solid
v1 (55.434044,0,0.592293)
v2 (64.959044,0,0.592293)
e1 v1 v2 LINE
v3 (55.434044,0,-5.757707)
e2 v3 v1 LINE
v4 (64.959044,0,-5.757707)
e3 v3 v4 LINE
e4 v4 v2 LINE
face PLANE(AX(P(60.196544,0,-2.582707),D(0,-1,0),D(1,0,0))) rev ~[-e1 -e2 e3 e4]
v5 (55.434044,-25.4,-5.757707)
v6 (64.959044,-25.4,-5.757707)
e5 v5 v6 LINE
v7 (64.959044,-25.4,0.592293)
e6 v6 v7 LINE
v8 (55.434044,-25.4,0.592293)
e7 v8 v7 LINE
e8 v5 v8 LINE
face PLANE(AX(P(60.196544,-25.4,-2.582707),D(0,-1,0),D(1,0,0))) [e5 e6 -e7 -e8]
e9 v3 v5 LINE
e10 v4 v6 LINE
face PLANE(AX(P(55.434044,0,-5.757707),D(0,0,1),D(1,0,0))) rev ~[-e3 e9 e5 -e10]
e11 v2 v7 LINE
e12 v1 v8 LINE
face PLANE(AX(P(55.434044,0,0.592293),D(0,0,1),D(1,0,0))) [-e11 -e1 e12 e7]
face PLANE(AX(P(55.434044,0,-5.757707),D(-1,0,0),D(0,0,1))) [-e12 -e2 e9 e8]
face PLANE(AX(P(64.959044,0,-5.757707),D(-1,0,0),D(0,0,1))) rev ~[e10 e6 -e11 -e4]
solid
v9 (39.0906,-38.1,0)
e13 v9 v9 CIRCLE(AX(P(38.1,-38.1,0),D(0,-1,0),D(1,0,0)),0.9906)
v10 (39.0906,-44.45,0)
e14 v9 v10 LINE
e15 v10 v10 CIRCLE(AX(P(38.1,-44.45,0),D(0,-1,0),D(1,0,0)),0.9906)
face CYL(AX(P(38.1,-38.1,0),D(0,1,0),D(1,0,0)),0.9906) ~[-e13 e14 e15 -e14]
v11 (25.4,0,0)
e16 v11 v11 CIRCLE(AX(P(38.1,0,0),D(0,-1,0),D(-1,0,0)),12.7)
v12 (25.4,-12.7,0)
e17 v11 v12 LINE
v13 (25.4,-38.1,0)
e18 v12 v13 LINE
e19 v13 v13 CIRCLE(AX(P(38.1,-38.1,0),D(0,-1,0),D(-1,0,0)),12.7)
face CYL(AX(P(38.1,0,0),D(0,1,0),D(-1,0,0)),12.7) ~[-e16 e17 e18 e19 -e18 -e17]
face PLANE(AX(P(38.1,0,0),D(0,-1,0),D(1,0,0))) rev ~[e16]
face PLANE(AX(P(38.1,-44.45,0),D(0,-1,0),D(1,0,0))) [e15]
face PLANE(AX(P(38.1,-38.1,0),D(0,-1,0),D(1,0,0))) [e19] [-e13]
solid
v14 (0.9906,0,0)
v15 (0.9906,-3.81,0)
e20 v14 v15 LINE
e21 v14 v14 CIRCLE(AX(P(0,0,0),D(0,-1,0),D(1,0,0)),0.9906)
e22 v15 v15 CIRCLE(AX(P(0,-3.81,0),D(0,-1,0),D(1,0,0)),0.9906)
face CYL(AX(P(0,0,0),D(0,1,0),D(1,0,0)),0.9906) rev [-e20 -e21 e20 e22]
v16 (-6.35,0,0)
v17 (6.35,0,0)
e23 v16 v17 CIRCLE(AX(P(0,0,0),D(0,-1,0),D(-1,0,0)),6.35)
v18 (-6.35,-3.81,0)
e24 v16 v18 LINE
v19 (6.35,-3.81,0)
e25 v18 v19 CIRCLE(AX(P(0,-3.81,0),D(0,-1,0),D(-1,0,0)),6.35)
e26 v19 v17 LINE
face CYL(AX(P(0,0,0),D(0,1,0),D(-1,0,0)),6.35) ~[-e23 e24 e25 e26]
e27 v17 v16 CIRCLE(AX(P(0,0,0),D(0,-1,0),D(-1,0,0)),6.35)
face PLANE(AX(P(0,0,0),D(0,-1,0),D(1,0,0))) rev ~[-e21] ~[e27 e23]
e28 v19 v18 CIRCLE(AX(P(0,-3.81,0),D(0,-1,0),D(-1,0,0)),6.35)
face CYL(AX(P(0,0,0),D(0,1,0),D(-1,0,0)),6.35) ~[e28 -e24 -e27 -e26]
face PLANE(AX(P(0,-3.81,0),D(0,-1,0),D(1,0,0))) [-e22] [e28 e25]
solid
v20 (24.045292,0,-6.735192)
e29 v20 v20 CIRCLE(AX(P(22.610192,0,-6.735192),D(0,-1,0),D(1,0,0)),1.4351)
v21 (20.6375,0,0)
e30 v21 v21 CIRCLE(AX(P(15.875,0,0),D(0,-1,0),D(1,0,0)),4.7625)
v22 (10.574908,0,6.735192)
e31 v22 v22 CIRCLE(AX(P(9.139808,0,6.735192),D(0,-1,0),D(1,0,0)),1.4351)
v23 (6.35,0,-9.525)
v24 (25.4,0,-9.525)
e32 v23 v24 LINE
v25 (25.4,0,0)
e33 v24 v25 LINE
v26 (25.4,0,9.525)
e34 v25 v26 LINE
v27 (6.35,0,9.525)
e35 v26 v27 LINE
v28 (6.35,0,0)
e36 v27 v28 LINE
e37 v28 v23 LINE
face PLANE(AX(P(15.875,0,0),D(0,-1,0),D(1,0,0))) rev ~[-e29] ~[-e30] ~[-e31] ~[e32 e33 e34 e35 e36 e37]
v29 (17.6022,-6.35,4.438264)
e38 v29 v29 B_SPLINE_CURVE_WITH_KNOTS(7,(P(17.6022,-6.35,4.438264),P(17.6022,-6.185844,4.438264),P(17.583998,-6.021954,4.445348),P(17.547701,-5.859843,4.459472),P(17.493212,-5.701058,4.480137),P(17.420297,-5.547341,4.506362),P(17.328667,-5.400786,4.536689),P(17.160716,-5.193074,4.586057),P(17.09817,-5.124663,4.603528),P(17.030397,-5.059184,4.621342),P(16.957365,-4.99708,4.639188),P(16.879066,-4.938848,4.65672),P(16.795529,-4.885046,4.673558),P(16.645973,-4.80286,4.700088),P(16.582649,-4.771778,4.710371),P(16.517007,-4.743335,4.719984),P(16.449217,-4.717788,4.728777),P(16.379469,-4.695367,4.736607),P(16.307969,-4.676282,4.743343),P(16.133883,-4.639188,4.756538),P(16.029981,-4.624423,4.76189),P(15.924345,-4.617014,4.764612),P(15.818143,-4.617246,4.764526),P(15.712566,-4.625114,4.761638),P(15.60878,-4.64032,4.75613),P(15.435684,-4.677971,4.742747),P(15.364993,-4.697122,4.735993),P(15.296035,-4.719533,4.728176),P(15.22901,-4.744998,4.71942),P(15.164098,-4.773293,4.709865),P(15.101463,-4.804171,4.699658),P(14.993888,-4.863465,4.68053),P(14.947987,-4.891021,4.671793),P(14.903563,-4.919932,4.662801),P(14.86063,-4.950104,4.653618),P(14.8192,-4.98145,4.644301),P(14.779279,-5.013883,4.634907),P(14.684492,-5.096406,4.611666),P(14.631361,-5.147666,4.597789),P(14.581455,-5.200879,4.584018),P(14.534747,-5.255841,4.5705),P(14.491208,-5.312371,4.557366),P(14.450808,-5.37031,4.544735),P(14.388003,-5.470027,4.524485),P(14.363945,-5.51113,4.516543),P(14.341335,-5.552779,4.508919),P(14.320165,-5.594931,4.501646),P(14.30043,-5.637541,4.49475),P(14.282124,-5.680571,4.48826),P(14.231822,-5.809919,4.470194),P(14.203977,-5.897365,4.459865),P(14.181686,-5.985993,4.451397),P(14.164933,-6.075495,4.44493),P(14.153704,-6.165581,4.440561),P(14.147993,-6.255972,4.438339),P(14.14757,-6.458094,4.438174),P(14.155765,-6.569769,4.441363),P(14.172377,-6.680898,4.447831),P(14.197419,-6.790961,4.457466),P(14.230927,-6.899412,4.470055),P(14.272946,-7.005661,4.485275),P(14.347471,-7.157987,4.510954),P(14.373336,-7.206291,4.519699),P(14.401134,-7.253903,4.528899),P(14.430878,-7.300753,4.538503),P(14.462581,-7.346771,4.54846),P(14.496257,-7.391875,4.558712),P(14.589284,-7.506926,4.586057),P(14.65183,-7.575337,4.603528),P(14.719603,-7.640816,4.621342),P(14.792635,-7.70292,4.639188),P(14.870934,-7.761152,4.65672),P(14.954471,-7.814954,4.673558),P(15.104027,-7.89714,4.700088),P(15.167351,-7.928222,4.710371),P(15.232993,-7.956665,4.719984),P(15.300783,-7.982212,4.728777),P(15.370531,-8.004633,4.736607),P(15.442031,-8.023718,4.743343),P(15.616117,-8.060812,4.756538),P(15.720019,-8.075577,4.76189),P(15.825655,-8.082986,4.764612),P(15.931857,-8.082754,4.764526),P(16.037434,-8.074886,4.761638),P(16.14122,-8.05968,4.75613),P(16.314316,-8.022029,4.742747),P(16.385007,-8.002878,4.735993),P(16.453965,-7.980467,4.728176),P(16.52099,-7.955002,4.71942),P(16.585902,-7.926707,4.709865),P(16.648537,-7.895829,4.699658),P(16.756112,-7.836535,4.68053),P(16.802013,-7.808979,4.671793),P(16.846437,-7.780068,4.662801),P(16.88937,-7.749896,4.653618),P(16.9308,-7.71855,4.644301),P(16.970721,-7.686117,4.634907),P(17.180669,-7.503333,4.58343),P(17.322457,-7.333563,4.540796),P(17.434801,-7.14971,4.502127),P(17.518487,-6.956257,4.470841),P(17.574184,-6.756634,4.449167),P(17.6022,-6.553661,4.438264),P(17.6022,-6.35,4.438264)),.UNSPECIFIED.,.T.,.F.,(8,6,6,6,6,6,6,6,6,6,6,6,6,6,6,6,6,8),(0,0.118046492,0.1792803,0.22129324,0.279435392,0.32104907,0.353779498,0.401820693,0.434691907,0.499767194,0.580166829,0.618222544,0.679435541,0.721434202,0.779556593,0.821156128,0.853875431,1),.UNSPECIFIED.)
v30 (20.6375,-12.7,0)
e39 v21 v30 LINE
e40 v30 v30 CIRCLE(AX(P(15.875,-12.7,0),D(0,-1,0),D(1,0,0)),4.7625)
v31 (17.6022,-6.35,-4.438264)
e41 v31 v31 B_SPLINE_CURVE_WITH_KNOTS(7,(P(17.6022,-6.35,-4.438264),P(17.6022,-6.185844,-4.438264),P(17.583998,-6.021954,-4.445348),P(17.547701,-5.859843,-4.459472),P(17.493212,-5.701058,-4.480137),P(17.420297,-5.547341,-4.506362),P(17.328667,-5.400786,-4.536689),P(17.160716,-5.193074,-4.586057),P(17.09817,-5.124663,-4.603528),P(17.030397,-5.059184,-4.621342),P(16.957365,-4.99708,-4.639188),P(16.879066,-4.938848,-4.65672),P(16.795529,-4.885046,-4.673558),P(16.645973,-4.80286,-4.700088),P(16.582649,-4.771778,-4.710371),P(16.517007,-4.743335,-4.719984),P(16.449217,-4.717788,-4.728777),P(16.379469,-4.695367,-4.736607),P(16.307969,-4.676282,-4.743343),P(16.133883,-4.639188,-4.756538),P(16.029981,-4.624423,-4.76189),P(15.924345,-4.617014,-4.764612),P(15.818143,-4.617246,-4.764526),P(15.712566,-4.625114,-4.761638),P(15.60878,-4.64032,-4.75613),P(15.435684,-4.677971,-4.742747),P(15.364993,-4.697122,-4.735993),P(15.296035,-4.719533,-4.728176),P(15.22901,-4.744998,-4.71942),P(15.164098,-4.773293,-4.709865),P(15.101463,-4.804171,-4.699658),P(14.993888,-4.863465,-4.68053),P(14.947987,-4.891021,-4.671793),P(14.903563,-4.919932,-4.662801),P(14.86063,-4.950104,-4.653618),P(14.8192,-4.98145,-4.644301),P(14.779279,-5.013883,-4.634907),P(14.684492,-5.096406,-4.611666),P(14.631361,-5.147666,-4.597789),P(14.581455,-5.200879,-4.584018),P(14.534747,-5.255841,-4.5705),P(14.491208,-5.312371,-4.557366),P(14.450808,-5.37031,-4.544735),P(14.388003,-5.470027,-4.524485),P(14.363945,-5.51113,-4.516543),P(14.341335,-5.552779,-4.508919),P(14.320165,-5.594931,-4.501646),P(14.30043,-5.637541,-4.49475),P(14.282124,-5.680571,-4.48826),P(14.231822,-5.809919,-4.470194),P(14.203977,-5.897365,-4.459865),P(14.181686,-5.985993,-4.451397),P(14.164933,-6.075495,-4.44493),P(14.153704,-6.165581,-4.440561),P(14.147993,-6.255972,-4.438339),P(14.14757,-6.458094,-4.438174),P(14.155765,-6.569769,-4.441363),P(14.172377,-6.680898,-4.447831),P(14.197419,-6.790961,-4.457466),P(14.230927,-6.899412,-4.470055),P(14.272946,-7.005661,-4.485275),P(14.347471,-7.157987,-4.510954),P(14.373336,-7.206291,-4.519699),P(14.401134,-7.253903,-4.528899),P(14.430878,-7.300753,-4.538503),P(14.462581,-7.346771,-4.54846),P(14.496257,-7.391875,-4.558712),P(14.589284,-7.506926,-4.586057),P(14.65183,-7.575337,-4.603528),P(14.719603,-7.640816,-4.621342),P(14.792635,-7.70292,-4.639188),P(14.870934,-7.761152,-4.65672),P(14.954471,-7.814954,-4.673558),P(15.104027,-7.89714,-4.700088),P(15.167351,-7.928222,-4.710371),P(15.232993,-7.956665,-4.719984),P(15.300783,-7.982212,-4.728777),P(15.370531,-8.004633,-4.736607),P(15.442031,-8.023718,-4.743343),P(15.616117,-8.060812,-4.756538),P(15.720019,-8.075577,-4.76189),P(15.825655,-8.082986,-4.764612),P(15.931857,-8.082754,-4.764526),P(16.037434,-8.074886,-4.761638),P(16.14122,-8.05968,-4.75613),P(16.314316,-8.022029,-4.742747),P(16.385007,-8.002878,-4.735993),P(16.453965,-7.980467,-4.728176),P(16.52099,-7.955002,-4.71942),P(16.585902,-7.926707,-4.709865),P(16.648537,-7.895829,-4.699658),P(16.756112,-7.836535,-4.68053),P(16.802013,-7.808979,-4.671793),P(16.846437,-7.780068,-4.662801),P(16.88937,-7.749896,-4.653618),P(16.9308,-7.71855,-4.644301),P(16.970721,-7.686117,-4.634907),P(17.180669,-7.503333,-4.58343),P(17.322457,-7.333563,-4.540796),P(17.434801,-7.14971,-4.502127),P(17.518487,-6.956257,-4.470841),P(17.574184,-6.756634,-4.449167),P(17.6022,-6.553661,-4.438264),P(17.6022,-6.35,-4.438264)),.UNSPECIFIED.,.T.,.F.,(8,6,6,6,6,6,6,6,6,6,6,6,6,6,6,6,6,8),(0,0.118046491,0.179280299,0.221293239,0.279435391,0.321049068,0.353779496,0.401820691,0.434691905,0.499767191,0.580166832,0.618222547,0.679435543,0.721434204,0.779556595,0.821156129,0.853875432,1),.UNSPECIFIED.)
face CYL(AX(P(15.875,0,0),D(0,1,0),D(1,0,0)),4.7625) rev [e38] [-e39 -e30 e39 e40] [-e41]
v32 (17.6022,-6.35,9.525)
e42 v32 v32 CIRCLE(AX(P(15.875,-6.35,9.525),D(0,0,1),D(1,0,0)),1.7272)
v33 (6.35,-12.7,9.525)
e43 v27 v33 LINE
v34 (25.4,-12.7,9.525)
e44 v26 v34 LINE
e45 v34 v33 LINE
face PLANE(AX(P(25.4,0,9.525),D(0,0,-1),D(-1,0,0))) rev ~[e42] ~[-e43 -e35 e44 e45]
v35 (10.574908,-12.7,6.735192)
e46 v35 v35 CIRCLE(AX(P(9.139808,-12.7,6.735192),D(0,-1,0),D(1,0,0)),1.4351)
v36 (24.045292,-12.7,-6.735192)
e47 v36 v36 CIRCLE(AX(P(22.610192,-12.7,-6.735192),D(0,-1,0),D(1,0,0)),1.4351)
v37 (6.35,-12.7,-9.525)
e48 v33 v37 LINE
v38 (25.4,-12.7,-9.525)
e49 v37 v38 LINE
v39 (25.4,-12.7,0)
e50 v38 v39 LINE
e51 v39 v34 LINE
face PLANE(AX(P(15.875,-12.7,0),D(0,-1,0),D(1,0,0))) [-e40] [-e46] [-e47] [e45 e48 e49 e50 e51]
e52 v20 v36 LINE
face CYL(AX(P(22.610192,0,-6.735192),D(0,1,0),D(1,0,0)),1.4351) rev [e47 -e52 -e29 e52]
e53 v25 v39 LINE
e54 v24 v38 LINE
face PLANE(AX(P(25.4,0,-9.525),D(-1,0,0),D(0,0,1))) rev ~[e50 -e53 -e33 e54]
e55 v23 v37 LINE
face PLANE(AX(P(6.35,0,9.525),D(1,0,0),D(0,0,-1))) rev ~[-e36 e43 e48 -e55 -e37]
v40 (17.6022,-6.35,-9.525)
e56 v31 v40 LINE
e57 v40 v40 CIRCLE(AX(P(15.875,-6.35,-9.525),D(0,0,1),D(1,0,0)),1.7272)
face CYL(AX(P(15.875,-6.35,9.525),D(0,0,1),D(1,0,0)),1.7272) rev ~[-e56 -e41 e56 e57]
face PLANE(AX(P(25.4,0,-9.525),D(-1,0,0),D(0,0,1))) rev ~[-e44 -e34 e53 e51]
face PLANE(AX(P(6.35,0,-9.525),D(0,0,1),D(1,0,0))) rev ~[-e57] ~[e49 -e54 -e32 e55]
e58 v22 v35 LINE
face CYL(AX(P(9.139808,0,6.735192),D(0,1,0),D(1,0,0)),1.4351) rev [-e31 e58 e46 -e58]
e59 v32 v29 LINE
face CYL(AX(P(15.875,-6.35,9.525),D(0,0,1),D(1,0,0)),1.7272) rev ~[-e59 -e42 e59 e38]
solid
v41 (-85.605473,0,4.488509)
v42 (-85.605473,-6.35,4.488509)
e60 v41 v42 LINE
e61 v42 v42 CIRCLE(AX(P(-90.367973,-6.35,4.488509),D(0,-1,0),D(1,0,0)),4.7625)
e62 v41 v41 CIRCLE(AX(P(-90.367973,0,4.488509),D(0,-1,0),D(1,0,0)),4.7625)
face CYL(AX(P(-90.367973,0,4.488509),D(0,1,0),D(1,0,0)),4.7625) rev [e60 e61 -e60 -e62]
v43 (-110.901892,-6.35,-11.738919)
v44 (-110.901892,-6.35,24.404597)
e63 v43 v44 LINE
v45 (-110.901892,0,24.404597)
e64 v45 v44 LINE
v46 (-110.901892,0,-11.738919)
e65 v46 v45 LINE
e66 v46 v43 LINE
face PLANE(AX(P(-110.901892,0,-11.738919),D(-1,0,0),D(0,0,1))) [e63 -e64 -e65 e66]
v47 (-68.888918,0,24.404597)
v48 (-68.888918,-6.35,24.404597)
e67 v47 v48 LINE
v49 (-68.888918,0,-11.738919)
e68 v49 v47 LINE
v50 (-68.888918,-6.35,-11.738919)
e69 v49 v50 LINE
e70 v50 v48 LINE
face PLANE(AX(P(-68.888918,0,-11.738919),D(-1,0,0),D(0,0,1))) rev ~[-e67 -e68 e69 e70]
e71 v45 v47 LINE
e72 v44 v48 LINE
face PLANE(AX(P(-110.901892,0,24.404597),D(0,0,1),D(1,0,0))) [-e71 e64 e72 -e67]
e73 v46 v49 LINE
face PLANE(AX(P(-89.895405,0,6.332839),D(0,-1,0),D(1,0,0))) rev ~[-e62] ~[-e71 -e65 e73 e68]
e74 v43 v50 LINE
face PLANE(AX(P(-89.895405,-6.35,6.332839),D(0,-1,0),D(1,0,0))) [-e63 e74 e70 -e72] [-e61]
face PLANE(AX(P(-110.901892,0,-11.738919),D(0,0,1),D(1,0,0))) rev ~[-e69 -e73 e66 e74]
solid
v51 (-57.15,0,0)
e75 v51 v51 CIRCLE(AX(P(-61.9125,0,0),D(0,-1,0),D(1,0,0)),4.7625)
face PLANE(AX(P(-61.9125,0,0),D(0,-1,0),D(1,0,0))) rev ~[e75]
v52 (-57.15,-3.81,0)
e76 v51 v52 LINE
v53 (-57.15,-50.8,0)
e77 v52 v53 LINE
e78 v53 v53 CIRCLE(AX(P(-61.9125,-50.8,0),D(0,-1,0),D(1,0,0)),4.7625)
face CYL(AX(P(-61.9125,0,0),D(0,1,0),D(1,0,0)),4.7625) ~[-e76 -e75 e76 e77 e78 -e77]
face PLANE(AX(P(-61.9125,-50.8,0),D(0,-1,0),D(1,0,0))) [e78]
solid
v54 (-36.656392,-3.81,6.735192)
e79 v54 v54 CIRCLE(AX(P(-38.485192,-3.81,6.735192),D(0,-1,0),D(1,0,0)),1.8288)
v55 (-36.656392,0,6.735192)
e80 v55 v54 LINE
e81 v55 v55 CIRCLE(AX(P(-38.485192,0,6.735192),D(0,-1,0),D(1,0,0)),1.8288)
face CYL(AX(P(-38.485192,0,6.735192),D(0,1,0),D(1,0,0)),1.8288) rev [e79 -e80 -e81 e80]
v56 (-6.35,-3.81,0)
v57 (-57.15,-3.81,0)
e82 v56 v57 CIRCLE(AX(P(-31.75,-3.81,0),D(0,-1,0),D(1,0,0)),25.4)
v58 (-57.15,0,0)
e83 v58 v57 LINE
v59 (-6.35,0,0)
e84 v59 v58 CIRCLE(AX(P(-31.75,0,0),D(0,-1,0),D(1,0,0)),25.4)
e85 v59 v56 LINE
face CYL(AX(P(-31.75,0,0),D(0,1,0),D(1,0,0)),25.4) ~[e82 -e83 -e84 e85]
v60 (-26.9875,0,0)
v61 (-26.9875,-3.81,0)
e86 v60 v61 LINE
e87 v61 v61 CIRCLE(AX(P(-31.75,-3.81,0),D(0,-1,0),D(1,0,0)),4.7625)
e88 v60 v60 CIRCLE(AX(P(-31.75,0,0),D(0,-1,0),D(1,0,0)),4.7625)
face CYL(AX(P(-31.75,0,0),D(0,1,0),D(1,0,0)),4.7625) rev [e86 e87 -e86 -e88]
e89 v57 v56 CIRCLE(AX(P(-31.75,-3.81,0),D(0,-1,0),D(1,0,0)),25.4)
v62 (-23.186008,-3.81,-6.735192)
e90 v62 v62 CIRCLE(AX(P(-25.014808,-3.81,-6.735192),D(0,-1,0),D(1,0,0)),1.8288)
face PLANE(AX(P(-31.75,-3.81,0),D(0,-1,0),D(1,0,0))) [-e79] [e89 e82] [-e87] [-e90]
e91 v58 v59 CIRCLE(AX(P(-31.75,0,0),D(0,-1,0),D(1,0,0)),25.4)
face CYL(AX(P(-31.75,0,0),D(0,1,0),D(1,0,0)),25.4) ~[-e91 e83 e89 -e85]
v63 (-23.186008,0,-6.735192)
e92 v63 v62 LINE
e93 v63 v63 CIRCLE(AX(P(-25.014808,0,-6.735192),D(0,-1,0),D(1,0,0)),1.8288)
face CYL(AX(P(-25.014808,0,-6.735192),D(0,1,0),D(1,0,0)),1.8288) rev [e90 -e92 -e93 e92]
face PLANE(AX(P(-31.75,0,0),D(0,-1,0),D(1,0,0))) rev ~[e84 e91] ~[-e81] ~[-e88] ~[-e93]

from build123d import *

# Parameters (mm, degrees)
F0_R      = 1.8288
F0_R_2    = 4.7625
F0_R_3    = 0.9906
F1_DEPTH  = 3.81
F0_R_4    = 1.4351
F2_DEPTH  = 12.7
F3_DEPTH  = 38.1
F4_R      = 0.9906
F5_DEPTH  = 6.35
F0_W      = 9.525
F0_H      = 6.35
F6_DEPTH  = 25.4
F7_R      = 1.7272
F8_DEPTH  = 34.926
F9_DEPTH  = 50.8
F0_W_2    = 42.012974
F0_H_2    = 36.143516
F10_DEPTH = 6.35


with BuildPart() as f1:
    # F0 (on Front) → F1 (new body)
    with BuildSketch(Plane.XZ):
        with BuildLine():
            ThreePointArc((-57.15, 0), (-31.75, -25.4), (-6.35, 0))
            ThreePointArc((-6.35, 0), (-31.75, 25.4), (-57.15, 0))
        make_face()
        with Locations((-25.014808, -6.735192)):
            Circle(F0_R, mode=Mode.SUBTRACT)
        with Locations((-31.75, 0)):
            Circle(F0_R_2, mode=Mode.SUBTRACT)
        with Locations((-38.485192, 6.735192)):
            Circle(F0_R, mode=Mode.SUBTRACT)
        with BuildLine():
            ThreePointArc((-6.35, 0), (0, -6.35), (6.35, 0))
            ThreePointArc((6.35, 0), (0, 6.35), (-6.35, 0))
        make_face()
        Circle(F0_R_3, mode=Mode.SUBTRACT)
    extrude(amount=F1_DEPTH)

    # F0 (on Front) → F2 (join)
    with BuildSketch(Plane.XZ):
        Polygon((6.35, 9.525), (6.35, 0), (6.35, -9.525), (25.4, -9.525), (25.4, 0), (25.4, 9.525), align=None)
        with Locations((15.875, 0)):
            Circle(F0_R_2, mode=Mode.SUBTRACT)
        with Locations((22.610192, -6.735192)):
            Circle(F0_R_4, mode=Mode.SUBTRACT)
        with Locations((9.139808, 6.735192)):
            Circle(F0_R_4, mode=Mode.SUBTRACT)
    extrude(amount=F2_DEPTH)

    # F0 (on Front) → F3 (join)
    with BuildSketch(Plane.XZ):
        with BuildLine():
            ThreePointArc((50.8, 0), (38.1, 12.7), (25.4, 0))
            ThreePointArc((25.4, 0), (38.1, -12.7), (50.8, 0))
        make_face()
    extrude(amount=F3_DEPTH)

    # F4 (on face) → F5 (join)
    with BuildSketch(Plane.XZ.offset(38.1)):
        with Locations((38.1, 0)):
            Circle(F4_R)
    extrude(amount=F5_DEPTH)

    # F7 (on face) → F8 (cut, through all)
    with BuildSketch(Plane.XY.offset(9.525)):
        with Locations((15.875, -6.35)):
            Circle(F7_R)
    extrude(amount=-F8_DEPTH, mode=Mode.SUBTRACT)

    # F0 (on Front) → F9 (join)
    with BuildSketch(Plane.XZ):
        with Locations((-61.9125, 0)):
            Circle(F0_R_2)
    extrude(amount=F9_DEPTH)


with BuildPart() as f6:
    # F0 (on Front) → F6 (new body)
    with BuildSketch(Plane.XZ):
        with Locations((60.196544, -2.582707)):
            Rectangle(F0_W, F0_H)
    extrude(amount=F6_DEPTH)


with BuildPart() as f10:
    # F0 (on Front) → F10 (new body)
    with BuildSketch(Plane.XZ):
        with Locations((-89.895405, 6.332839)):
            Rectangle(F0_W_2, F0_H_2)
        with Locations((-90.367973, 4.488509)):
            Circle(F0_R_2, mode=Mode.SUBTRACT)
    extrude(amount=F10_DEPTH)


solid = Compound([f1.part, f6.part, f10.part])
